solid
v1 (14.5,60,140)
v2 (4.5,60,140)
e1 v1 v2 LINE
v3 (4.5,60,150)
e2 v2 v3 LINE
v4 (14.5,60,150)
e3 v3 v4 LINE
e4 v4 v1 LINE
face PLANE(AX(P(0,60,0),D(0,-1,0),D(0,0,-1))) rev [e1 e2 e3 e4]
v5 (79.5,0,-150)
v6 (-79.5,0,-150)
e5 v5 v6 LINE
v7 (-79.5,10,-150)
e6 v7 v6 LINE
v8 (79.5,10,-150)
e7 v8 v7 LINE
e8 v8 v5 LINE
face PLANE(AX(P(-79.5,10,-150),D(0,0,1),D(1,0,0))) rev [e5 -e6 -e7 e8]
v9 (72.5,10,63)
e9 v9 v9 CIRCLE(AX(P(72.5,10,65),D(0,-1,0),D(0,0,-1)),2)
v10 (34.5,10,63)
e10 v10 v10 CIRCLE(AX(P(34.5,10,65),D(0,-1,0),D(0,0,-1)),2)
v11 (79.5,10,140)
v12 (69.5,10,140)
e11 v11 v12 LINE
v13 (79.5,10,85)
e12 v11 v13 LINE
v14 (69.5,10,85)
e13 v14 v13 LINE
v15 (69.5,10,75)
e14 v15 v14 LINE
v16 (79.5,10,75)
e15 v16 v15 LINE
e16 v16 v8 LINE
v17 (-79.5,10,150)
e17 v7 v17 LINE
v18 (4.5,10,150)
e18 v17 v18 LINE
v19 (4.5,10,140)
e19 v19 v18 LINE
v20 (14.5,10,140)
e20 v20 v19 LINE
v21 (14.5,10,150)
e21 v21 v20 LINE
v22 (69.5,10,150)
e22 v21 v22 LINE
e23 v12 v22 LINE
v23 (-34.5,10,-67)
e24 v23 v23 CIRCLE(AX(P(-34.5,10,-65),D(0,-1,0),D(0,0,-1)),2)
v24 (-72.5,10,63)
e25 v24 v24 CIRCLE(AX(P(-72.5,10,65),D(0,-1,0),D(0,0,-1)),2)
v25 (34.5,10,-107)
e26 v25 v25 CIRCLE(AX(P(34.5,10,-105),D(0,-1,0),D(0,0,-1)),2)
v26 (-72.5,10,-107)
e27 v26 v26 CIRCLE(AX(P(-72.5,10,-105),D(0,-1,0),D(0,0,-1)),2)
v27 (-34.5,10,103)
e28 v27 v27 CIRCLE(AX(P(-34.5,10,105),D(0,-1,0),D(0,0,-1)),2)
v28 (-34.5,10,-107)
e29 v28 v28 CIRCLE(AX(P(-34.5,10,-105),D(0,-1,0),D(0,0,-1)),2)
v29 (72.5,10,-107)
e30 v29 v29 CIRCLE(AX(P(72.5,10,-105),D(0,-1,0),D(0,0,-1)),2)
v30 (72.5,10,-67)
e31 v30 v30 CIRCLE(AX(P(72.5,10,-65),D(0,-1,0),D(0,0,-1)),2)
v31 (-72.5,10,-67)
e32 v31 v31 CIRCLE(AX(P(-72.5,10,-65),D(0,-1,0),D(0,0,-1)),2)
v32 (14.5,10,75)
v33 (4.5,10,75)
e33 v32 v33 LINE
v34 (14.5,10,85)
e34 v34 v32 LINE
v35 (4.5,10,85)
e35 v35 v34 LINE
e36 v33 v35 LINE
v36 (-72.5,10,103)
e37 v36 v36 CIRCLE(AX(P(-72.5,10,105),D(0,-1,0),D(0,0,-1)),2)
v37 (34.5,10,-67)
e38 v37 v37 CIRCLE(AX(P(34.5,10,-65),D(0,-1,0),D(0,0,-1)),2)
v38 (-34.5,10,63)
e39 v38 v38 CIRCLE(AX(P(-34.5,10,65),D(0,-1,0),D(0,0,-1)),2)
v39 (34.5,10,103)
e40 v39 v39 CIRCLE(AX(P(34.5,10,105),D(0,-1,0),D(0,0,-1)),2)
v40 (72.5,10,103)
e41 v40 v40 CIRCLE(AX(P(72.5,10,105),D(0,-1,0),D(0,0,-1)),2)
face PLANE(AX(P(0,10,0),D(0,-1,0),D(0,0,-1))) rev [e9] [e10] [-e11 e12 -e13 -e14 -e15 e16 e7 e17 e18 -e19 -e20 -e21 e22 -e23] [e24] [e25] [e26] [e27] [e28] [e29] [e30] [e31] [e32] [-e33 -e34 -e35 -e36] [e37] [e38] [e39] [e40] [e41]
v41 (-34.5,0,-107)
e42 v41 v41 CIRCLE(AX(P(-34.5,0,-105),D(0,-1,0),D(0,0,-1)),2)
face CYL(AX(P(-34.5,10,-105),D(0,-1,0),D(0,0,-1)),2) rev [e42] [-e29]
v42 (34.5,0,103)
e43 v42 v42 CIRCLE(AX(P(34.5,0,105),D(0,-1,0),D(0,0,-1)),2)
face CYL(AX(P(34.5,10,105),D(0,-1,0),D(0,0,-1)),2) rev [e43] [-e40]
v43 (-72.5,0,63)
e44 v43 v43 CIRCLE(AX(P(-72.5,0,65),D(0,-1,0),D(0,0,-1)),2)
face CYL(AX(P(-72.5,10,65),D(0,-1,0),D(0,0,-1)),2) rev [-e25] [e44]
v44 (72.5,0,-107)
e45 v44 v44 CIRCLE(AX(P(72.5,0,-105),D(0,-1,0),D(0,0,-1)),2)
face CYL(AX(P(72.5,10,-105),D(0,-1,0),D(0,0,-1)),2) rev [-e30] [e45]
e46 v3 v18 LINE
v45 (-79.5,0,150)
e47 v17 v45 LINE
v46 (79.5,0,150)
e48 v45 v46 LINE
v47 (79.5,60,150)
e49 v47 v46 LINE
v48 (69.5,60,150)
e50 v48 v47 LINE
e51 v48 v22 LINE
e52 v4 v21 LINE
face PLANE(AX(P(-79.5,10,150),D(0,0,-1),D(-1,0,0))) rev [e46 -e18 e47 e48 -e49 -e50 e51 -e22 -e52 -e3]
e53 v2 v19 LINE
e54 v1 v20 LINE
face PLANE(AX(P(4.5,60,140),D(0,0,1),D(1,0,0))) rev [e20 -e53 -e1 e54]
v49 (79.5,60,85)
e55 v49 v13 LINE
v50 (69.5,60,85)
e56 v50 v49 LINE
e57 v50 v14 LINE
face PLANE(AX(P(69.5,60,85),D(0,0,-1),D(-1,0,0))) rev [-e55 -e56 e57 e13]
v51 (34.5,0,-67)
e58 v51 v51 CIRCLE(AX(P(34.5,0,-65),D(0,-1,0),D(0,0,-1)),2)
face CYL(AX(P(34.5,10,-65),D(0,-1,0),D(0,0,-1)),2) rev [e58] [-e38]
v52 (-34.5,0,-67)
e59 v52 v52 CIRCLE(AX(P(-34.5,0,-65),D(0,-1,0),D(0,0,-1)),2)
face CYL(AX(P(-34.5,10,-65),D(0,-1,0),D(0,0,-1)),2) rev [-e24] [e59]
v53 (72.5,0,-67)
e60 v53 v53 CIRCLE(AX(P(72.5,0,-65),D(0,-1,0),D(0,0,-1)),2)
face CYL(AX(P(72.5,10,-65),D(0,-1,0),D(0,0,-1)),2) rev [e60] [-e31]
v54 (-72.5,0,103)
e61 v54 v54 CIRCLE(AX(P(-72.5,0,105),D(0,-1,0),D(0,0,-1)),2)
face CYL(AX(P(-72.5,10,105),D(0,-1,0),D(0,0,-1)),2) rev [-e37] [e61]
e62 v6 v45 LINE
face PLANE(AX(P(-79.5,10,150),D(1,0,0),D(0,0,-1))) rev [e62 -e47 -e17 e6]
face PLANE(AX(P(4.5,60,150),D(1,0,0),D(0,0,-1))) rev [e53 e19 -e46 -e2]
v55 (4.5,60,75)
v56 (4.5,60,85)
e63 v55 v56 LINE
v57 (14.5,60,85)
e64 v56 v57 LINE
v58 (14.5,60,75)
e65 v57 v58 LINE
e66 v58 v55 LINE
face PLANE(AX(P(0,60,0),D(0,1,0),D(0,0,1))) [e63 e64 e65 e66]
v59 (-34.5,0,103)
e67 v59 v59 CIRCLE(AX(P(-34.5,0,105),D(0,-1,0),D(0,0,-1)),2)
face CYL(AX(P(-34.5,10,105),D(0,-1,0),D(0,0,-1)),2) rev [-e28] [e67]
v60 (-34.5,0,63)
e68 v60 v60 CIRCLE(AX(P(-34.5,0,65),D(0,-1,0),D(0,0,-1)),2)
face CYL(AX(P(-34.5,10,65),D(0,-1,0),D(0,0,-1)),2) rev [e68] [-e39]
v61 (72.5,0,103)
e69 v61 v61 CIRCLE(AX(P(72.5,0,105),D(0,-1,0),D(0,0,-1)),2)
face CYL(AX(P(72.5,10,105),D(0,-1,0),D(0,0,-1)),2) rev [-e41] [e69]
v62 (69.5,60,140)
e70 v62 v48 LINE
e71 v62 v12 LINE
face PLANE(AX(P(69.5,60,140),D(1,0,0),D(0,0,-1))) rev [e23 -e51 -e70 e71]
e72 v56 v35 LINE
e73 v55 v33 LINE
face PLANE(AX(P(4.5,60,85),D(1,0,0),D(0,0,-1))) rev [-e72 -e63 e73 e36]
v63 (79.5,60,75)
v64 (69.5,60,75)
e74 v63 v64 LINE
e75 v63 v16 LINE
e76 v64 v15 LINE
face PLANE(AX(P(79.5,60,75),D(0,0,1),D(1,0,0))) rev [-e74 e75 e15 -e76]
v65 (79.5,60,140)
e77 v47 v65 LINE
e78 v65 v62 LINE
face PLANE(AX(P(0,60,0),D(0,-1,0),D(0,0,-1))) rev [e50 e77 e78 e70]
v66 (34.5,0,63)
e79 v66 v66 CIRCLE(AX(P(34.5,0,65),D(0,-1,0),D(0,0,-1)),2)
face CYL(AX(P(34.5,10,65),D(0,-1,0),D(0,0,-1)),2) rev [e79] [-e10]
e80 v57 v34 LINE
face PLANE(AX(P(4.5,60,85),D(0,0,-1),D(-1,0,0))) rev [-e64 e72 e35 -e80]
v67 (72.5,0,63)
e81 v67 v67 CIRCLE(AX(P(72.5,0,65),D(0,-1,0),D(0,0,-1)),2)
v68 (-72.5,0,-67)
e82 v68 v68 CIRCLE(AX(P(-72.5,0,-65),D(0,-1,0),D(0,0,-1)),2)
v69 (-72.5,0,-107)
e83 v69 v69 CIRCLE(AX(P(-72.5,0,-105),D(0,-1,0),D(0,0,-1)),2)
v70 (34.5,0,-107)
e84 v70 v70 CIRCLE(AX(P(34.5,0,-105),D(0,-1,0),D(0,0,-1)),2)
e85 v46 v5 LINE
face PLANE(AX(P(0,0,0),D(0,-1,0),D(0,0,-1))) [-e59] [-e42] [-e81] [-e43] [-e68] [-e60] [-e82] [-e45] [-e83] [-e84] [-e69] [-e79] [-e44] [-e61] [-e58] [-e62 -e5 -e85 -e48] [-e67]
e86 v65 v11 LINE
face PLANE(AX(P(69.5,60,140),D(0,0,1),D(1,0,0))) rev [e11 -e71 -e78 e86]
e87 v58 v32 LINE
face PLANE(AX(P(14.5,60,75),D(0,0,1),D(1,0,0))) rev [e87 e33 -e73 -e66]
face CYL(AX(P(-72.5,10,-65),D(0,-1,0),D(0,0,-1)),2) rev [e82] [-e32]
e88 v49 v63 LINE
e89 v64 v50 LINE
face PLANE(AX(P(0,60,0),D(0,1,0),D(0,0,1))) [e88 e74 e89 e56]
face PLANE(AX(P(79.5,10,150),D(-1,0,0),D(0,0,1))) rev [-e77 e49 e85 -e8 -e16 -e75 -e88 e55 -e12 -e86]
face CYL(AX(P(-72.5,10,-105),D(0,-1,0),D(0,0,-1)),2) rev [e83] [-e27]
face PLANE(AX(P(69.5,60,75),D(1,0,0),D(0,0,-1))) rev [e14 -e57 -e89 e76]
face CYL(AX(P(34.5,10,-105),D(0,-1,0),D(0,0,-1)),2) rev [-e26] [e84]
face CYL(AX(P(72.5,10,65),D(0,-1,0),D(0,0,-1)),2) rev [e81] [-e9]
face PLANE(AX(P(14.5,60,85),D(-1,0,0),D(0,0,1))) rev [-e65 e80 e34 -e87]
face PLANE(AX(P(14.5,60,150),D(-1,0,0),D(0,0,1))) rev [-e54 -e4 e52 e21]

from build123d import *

# Parameters (mm, degrees)
SKETCH3_W           = 159
SKETCH3_H           = 300
BOSS_EXTRUDE1_DEPTH = 10
SKETCH4_W           = 10
SKETCH4_H           = 10
BOSS_EXTRUDE2_DEPTH = 50
SKETCH7_R           = 2
SKETCH7_R_2         = 2.000000006
SKETCH7_R_3         = 1.999999994
CUT_EXTRUDE2_DEPTH  = 10


with BuildPart() as part:
    # Sketch3 → Boss-Extrude1 (new body)
    with BuildSketch(Plane(origin=(0, 0, 0), x_dir=(1, 0, 0), z_dir=(0, 1, 0))):
        Rectangle(SKETCH3_W, SKETCH3_H)
    extrude(amount=BOSS_EXTRUDE1_DEPTH)

    # Sketch4 → Boss-Extrude2 (add)
    with BuildSketch(Plane(origin=(0, 10, 0), x_dir=(1, 0, 0), z_dir=(0, 1, 0))):
        with Locations((74.5, -145)):
            Rectangle(SKETCH4_W, SKETCH4_H)
        with Locations((74.5, -80)):
            Rectangle(SKETCH4_W, SKETCH4_H)
        with Locations((9.5, -145)):
            Rectangle(SKETCH4_W, SKETCH4_H)
        with Locations((9.5, -80)):
            Rectangle(SKETCH4_W, SKETCH4_H)
    extrude(amount=BOSS_EXTRUDE2_DEPTH)

    # Sketch7 → Cut-Extrude2 (cut)
    with BuildSketch(Plane.XZ):
        with Locations(Location((34.5, -105, 0), (0, 0, 270))):
            Circle(SKETCH7_R)
        with Locations(Location((72.5, -105, 0), (0, 0, 270))):
            Circle(SKETCH7_R)
        with Locations(Location((72.5, -65, 0), (0, 0, 270))):
            Circle(SKETCH7_R)
        with Locations(Location((34.5, -65, 0), (0, 0, 270))):
            Circle(SKETCH7_R)
        with Locations(Location((-34.5, -65, 0), (0, 0, 270))):
            Circle(SKETCH7_R)
        with Locations(Location((-72.5, -65, 0), (0, 0, 270))):
            Circle(SKETCH7_R)
        with Locations(Location((-34.5, -105, 0), (0, 0, 270))):
            Circle(SKETCH7_R)
        with Locations(Location((-72.5, -105, 0), (0, 0, 270))):
            Circle(SKETCH7_R)
        with Locations(Location((-72.5, 65, 0), (0, 0, 270))):
            Circle(SKETCH7_R)
        with Locations(Location((-72.5, 105, 0), (0, 0, 270))):
            Circle(SKETCH7_R)
        with Locations(Location((-34.5, 105, 0), (0, 0, 270))):
            Circle(SKETCH7_R_2)
        with Locations(Location((-34.5, 65, 0), (0, 0, 270))):
            Circle(SKETCH7_R)
        with Locations(Location((34.5, 105, 0), (0, 0, 270))):
            Circle(SKETCH7_R_3)
        with Locations(Location((72.5, 105, 0), (0, 0, 270))):
            Circle(SKETCH7_R)
        with Locations(Location((72.5, 65, 0), (0, 0, 270))):
            Circle(SKETCH7_R)
        with Locations(Location((34.5, 65, 0), (0, 0, 270))):
            Circle(SKETCH7_R)
    extrude(amount=-CUT_EXTRUDE2_DEPTH, mode=Mode.SUBTRACT)


solid = part.part
